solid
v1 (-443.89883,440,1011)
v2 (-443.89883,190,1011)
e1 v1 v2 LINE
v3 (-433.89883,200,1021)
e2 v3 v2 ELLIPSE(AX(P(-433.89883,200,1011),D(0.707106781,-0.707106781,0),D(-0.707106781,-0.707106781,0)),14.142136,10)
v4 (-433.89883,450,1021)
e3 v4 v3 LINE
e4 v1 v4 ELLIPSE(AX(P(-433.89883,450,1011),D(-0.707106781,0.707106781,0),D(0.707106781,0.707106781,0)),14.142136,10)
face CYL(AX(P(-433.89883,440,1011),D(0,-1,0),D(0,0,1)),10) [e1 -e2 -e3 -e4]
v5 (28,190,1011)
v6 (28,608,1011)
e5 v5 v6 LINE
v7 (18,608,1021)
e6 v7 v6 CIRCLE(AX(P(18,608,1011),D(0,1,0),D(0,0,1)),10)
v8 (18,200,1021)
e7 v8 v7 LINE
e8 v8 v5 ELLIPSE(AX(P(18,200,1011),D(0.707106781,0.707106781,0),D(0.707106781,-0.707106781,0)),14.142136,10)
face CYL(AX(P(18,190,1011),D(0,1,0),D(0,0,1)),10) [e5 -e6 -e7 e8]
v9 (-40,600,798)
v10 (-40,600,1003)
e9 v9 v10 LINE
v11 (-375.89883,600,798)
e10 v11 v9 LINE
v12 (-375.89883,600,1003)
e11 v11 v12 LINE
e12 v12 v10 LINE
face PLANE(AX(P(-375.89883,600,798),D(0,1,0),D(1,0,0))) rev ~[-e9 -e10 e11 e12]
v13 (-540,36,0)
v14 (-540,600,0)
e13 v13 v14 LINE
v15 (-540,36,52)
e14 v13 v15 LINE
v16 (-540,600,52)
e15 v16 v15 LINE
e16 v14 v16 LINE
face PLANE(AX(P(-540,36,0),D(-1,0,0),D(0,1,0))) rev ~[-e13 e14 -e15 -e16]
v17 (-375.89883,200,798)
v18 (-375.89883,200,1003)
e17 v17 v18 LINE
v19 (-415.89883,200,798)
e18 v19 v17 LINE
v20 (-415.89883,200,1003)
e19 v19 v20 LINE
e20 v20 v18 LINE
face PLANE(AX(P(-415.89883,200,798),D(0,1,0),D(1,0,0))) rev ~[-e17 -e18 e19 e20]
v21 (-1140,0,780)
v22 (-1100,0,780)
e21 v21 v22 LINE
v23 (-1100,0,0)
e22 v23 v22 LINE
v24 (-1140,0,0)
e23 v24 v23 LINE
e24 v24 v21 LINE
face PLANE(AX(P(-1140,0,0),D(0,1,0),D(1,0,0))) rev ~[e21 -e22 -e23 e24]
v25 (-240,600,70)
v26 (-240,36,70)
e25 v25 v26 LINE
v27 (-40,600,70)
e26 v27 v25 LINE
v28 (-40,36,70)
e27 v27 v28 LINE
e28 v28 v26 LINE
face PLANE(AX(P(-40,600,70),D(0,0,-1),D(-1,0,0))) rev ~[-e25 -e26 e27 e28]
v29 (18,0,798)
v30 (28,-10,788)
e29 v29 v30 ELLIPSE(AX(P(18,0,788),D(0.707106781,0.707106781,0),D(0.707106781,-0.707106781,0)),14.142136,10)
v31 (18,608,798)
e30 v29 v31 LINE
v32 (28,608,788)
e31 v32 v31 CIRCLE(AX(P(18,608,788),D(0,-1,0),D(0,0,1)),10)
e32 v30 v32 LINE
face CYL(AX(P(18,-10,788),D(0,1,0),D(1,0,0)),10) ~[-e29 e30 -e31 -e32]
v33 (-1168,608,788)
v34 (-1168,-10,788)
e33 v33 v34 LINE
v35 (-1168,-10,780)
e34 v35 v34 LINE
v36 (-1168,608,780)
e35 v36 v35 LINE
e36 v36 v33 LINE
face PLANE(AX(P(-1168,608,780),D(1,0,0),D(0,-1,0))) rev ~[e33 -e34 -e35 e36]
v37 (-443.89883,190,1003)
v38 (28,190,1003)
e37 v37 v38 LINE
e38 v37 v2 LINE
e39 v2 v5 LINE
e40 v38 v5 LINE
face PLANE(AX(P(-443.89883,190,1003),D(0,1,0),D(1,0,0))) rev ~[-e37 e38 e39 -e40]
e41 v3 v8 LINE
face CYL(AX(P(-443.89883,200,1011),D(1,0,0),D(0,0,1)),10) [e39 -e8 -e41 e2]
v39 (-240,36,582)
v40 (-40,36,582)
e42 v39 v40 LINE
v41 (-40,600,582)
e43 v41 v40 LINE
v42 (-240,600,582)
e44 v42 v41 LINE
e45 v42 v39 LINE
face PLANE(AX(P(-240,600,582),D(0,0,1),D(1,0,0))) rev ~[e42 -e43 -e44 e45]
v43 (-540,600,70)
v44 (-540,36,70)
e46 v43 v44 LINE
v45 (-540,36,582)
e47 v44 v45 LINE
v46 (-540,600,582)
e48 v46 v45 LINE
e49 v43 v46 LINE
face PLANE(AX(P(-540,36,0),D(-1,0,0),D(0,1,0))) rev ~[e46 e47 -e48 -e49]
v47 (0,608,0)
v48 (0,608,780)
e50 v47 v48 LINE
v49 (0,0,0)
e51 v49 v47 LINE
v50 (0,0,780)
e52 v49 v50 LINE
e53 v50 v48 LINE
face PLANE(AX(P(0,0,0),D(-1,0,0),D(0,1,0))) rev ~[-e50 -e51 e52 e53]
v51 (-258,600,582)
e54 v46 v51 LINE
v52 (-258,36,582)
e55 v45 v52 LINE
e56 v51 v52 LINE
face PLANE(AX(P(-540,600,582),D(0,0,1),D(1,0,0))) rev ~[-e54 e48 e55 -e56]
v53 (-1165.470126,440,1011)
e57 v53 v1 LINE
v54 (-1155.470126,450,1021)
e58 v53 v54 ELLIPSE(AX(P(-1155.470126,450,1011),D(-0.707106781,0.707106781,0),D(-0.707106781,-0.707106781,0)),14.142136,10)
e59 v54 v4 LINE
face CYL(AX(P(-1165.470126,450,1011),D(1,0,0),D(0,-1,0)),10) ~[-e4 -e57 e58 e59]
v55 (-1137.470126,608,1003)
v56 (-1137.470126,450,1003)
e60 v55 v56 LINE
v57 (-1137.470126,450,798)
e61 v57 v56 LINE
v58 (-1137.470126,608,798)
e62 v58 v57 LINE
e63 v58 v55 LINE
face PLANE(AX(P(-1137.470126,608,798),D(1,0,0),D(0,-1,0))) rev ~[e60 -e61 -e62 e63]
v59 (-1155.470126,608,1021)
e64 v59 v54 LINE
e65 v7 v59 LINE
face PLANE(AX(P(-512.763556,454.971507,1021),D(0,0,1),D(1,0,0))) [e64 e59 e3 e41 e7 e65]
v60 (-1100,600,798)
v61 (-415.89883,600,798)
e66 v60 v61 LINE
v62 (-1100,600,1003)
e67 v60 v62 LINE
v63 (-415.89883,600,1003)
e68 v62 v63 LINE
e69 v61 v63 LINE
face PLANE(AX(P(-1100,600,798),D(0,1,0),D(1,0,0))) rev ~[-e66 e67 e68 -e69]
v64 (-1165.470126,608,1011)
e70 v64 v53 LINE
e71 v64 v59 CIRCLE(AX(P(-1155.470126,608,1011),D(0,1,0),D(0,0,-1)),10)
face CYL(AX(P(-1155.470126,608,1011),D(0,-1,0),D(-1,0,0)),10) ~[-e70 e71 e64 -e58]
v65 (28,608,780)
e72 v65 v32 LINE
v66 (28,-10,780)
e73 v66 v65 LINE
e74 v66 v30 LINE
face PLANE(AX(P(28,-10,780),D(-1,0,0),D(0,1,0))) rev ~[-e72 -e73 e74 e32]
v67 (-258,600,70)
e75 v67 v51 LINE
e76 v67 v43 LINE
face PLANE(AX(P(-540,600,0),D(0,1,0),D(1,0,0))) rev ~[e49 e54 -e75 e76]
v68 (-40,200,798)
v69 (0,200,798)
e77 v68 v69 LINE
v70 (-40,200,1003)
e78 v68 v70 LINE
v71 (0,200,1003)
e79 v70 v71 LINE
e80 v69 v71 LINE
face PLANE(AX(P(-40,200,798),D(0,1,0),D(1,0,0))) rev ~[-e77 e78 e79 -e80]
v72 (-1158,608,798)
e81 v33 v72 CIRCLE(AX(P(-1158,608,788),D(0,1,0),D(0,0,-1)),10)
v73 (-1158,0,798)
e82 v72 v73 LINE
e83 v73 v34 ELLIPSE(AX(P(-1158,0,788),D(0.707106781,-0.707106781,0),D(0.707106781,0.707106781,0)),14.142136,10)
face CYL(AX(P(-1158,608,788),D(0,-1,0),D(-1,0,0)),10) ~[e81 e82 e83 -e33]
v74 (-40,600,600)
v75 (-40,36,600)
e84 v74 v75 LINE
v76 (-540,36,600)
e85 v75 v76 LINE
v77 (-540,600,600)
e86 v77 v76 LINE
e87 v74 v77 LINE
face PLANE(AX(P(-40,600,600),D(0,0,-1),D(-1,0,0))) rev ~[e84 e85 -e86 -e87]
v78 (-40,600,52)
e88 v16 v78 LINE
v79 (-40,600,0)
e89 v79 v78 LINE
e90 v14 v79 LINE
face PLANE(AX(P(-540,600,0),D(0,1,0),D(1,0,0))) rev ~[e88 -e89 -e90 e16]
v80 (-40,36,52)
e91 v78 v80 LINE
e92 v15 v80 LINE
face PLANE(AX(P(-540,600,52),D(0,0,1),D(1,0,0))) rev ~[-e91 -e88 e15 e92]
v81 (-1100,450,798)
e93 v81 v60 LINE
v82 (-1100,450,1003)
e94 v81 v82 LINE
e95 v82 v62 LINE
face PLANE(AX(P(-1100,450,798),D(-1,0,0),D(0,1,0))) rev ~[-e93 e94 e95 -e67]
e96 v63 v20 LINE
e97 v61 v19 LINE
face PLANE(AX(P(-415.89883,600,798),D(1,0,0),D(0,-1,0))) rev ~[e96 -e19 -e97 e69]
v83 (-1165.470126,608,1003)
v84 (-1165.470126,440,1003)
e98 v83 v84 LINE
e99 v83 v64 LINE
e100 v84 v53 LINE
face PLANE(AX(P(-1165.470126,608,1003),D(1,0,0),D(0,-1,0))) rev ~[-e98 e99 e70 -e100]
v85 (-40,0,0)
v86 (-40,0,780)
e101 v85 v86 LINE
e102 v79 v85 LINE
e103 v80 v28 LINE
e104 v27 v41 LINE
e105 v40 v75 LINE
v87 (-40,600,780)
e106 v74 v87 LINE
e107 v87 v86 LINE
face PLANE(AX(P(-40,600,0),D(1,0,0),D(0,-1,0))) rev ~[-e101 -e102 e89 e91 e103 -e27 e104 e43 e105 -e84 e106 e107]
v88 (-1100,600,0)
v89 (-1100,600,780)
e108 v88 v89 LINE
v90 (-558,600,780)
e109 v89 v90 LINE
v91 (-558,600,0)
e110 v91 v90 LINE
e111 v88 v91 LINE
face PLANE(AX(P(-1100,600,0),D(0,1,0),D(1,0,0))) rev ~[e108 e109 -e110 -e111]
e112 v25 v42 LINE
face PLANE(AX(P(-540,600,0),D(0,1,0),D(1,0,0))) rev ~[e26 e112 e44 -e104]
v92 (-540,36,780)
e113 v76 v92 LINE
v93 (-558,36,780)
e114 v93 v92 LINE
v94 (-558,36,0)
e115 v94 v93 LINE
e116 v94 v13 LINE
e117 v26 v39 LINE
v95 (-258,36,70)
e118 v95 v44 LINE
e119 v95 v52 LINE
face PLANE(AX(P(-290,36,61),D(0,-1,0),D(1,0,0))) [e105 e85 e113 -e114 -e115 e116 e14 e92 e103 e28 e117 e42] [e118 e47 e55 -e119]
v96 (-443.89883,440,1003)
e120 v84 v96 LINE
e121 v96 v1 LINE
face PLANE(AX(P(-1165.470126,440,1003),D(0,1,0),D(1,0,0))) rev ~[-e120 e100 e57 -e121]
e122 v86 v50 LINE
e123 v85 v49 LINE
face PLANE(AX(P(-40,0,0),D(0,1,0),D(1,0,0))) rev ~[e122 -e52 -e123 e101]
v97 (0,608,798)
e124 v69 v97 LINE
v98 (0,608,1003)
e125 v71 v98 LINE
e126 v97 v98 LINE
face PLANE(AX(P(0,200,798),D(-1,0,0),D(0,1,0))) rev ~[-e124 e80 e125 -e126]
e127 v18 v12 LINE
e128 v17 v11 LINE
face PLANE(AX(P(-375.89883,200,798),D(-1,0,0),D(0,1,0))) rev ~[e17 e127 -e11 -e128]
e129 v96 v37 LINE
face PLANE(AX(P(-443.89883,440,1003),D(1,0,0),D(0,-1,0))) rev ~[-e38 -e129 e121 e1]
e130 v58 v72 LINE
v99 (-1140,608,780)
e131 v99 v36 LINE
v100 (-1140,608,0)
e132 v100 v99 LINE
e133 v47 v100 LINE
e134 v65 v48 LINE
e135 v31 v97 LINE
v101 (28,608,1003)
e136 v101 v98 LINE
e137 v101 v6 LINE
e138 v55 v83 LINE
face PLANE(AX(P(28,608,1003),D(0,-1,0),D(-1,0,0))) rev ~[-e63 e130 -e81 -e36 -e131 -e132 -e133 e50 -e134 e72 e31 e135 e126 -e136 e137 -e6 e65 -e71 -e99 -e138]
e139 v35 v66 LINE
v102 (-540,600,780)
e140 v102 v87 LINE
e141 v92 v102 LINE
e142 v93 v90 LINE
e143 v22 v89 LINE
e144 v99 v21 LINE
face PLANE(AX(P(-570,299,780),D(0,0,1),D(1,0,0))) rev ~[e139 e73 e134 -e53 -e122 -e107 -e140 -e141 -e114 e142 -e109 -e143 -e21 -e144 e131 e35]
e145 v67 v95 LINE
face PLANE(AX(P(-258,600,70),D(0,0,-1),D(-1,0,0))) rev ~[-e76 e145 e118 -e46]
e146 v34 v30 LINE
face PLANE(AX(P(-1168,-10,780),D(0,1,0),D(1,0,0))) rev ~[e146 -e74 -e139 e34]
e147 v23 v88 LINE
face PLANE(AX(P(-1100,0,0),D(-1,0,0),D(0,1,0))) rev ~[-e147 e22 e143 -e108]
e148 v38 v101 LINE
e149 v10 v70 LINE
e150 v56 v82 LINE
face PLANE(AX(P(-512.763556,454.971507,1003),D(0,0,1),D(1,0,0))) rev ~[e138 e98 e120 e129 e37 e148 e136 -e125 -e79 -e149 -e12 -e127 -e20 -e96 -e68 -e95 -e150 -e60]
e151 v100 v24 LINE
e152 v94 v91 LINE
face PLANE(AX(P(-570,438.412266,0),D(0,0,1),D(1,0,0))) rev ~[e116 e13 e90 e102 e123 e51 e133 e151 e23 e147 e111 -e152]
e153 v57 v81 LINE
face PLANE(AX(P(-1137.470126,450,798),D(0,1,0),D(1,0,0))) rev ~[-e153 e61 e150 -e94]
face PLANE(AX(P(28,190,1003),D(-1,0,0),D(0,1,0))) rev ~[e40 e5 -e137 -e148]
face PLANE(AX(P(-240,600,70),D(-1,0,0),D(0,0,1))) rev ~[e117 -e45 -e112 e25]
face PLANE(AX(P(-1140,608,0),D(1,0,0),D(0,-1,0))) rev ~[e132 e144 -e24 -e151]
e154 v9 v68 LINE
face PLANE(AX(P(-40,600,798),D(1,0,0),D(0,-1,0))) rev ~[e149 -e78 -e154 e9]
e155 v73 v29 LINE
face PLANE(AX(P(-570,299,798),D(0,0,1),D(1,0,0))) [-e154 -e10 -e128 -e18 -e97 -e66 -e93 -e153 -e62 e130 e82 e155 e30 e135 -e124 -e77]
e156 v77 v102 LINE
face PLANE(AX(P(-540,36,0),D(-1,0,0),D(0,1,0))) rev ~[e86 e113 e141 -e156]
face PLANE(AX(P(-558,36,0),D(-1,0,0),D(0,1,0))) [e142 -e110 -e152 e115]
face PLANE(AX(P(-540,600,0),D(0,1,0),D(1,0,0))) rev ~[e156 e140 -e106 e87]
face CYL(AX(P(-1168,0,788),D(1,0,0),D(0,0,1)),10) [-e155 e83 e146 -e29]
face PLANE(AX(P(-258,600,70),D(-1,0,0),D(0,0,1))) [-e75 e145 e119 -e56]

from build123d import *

# Parameters (mm, degrees)
F0_W      = 18
F0_H      = 564
F1_DEPTH  = 780
F2_W      = 18
F2_H      = 512
F3_DEPTH  = 564
F5_DEPTH  = 18
F6_R      = 10
F7_W      = 40
F7_H      = 250
F7_H_2    = 150
F8_DEPTH  = 205
F10_DEPTH = 18
F11_R     = 10


with BuildPart() as f1:
    # F0 (on Top) → F1 (new body)
    with BuildSketch(Plane.XY):
        Polygon((-40, 0), (0, 0), (0, 608), (-1140, 608), (-1140, 0), (-1100, 0), (-1100, 600), (-558, 600), (-540, 600), (-40, 600), align=None)
        with Locations((-549, 318)):
            Rectangle(F0_W, F0_H)
    extrude(amount=F1_DEPTH)

    # F2 (on face) → F3 (join)
    with BuildSketch(Plane.XZ.offset(-600)):
        Polygon((-540, 70), (-540, 52), (-40, 52), (-40, 70), (-240, 70), (-258, 70), align=None)
        with Locations((-249, 326)):
            Rectangle(F2_W, F2_H)
        Polygon((-540, 582), (-258, 582), (-240, 582), (-40, 582), (-40, 600), (-540, 600), align=None)
    extrude(amount=F3_DEPTH)

    # F4 (on face) → F5 (join)
    with BuildSketch(Plane.XY.offset(780)):
        Polygon((28, 608), (0, 608), (-1140, 608), (-1168, 608), (-1168, -10), (28, -10), align=None)
    extrude(amount=F5_DEPTH)

    # F6
    f6_edges = [f1.edges().sort_by_distance(p)[0] for p in [
        (-570, -10, 798),
        (-1168, 299, 798),
        (28, 299, 798),
    ]]
    fillet(f6_edges, radius=F6_R)

    # F7 (on face) → F8 (join)
    with BuildSketch(Plane.XY.offset(798)):
        Polygon((-1100, 600), (-1100, 608), (-1137.470126, 608), (-1137.470126, 450), (-1100, 450), align=None)
        with Locations((-395.89883, 325)):
            Rectangle(F7_W, F7_H)
        with Locations((-395.89883, 525)):
            Rectangle(F7_W, F7_H_2)
        Polygon((0, 450), (0, 608), (-40, 608), (-40, 600), (-40, 450), align=None)
        with Locations((-20, 325)):
            Rectangle(F7_W, F7_H)
        Polygon((-40, 600), (-40, 608), (-1100, 608), (-1100, 600), (-415.89883, 600), (-375.89883, 600), align=None)
    extrude(amount=F8_DEPTH)

    # F9 (on face) → F10 (join)
    with BuildSketch(Plane.XY.offset(1003)):
        Polygon((0, 608), (-1137.470126, 608), (-1165.470126, 608), (-1165.470126, 440), (-443.89883, 440), (-443.89883, 190), (28, 190), (28, 608), align=None)
    extrude(amount=F10_DEPTH)

    # F11
    f11_edges = [f1.edges().sort_by_distance(p)[0] for p in [
        (-1165.470126, 524, 1021),
        (-804.684478, 440, 1021),
        (-443.89883, 315, 1021),
        (-207.949415, 190, 1021),
        (28, 399, 1021),
    ]]
    fillet(f11_edges, radius=F11_R)


solid = f1.part
